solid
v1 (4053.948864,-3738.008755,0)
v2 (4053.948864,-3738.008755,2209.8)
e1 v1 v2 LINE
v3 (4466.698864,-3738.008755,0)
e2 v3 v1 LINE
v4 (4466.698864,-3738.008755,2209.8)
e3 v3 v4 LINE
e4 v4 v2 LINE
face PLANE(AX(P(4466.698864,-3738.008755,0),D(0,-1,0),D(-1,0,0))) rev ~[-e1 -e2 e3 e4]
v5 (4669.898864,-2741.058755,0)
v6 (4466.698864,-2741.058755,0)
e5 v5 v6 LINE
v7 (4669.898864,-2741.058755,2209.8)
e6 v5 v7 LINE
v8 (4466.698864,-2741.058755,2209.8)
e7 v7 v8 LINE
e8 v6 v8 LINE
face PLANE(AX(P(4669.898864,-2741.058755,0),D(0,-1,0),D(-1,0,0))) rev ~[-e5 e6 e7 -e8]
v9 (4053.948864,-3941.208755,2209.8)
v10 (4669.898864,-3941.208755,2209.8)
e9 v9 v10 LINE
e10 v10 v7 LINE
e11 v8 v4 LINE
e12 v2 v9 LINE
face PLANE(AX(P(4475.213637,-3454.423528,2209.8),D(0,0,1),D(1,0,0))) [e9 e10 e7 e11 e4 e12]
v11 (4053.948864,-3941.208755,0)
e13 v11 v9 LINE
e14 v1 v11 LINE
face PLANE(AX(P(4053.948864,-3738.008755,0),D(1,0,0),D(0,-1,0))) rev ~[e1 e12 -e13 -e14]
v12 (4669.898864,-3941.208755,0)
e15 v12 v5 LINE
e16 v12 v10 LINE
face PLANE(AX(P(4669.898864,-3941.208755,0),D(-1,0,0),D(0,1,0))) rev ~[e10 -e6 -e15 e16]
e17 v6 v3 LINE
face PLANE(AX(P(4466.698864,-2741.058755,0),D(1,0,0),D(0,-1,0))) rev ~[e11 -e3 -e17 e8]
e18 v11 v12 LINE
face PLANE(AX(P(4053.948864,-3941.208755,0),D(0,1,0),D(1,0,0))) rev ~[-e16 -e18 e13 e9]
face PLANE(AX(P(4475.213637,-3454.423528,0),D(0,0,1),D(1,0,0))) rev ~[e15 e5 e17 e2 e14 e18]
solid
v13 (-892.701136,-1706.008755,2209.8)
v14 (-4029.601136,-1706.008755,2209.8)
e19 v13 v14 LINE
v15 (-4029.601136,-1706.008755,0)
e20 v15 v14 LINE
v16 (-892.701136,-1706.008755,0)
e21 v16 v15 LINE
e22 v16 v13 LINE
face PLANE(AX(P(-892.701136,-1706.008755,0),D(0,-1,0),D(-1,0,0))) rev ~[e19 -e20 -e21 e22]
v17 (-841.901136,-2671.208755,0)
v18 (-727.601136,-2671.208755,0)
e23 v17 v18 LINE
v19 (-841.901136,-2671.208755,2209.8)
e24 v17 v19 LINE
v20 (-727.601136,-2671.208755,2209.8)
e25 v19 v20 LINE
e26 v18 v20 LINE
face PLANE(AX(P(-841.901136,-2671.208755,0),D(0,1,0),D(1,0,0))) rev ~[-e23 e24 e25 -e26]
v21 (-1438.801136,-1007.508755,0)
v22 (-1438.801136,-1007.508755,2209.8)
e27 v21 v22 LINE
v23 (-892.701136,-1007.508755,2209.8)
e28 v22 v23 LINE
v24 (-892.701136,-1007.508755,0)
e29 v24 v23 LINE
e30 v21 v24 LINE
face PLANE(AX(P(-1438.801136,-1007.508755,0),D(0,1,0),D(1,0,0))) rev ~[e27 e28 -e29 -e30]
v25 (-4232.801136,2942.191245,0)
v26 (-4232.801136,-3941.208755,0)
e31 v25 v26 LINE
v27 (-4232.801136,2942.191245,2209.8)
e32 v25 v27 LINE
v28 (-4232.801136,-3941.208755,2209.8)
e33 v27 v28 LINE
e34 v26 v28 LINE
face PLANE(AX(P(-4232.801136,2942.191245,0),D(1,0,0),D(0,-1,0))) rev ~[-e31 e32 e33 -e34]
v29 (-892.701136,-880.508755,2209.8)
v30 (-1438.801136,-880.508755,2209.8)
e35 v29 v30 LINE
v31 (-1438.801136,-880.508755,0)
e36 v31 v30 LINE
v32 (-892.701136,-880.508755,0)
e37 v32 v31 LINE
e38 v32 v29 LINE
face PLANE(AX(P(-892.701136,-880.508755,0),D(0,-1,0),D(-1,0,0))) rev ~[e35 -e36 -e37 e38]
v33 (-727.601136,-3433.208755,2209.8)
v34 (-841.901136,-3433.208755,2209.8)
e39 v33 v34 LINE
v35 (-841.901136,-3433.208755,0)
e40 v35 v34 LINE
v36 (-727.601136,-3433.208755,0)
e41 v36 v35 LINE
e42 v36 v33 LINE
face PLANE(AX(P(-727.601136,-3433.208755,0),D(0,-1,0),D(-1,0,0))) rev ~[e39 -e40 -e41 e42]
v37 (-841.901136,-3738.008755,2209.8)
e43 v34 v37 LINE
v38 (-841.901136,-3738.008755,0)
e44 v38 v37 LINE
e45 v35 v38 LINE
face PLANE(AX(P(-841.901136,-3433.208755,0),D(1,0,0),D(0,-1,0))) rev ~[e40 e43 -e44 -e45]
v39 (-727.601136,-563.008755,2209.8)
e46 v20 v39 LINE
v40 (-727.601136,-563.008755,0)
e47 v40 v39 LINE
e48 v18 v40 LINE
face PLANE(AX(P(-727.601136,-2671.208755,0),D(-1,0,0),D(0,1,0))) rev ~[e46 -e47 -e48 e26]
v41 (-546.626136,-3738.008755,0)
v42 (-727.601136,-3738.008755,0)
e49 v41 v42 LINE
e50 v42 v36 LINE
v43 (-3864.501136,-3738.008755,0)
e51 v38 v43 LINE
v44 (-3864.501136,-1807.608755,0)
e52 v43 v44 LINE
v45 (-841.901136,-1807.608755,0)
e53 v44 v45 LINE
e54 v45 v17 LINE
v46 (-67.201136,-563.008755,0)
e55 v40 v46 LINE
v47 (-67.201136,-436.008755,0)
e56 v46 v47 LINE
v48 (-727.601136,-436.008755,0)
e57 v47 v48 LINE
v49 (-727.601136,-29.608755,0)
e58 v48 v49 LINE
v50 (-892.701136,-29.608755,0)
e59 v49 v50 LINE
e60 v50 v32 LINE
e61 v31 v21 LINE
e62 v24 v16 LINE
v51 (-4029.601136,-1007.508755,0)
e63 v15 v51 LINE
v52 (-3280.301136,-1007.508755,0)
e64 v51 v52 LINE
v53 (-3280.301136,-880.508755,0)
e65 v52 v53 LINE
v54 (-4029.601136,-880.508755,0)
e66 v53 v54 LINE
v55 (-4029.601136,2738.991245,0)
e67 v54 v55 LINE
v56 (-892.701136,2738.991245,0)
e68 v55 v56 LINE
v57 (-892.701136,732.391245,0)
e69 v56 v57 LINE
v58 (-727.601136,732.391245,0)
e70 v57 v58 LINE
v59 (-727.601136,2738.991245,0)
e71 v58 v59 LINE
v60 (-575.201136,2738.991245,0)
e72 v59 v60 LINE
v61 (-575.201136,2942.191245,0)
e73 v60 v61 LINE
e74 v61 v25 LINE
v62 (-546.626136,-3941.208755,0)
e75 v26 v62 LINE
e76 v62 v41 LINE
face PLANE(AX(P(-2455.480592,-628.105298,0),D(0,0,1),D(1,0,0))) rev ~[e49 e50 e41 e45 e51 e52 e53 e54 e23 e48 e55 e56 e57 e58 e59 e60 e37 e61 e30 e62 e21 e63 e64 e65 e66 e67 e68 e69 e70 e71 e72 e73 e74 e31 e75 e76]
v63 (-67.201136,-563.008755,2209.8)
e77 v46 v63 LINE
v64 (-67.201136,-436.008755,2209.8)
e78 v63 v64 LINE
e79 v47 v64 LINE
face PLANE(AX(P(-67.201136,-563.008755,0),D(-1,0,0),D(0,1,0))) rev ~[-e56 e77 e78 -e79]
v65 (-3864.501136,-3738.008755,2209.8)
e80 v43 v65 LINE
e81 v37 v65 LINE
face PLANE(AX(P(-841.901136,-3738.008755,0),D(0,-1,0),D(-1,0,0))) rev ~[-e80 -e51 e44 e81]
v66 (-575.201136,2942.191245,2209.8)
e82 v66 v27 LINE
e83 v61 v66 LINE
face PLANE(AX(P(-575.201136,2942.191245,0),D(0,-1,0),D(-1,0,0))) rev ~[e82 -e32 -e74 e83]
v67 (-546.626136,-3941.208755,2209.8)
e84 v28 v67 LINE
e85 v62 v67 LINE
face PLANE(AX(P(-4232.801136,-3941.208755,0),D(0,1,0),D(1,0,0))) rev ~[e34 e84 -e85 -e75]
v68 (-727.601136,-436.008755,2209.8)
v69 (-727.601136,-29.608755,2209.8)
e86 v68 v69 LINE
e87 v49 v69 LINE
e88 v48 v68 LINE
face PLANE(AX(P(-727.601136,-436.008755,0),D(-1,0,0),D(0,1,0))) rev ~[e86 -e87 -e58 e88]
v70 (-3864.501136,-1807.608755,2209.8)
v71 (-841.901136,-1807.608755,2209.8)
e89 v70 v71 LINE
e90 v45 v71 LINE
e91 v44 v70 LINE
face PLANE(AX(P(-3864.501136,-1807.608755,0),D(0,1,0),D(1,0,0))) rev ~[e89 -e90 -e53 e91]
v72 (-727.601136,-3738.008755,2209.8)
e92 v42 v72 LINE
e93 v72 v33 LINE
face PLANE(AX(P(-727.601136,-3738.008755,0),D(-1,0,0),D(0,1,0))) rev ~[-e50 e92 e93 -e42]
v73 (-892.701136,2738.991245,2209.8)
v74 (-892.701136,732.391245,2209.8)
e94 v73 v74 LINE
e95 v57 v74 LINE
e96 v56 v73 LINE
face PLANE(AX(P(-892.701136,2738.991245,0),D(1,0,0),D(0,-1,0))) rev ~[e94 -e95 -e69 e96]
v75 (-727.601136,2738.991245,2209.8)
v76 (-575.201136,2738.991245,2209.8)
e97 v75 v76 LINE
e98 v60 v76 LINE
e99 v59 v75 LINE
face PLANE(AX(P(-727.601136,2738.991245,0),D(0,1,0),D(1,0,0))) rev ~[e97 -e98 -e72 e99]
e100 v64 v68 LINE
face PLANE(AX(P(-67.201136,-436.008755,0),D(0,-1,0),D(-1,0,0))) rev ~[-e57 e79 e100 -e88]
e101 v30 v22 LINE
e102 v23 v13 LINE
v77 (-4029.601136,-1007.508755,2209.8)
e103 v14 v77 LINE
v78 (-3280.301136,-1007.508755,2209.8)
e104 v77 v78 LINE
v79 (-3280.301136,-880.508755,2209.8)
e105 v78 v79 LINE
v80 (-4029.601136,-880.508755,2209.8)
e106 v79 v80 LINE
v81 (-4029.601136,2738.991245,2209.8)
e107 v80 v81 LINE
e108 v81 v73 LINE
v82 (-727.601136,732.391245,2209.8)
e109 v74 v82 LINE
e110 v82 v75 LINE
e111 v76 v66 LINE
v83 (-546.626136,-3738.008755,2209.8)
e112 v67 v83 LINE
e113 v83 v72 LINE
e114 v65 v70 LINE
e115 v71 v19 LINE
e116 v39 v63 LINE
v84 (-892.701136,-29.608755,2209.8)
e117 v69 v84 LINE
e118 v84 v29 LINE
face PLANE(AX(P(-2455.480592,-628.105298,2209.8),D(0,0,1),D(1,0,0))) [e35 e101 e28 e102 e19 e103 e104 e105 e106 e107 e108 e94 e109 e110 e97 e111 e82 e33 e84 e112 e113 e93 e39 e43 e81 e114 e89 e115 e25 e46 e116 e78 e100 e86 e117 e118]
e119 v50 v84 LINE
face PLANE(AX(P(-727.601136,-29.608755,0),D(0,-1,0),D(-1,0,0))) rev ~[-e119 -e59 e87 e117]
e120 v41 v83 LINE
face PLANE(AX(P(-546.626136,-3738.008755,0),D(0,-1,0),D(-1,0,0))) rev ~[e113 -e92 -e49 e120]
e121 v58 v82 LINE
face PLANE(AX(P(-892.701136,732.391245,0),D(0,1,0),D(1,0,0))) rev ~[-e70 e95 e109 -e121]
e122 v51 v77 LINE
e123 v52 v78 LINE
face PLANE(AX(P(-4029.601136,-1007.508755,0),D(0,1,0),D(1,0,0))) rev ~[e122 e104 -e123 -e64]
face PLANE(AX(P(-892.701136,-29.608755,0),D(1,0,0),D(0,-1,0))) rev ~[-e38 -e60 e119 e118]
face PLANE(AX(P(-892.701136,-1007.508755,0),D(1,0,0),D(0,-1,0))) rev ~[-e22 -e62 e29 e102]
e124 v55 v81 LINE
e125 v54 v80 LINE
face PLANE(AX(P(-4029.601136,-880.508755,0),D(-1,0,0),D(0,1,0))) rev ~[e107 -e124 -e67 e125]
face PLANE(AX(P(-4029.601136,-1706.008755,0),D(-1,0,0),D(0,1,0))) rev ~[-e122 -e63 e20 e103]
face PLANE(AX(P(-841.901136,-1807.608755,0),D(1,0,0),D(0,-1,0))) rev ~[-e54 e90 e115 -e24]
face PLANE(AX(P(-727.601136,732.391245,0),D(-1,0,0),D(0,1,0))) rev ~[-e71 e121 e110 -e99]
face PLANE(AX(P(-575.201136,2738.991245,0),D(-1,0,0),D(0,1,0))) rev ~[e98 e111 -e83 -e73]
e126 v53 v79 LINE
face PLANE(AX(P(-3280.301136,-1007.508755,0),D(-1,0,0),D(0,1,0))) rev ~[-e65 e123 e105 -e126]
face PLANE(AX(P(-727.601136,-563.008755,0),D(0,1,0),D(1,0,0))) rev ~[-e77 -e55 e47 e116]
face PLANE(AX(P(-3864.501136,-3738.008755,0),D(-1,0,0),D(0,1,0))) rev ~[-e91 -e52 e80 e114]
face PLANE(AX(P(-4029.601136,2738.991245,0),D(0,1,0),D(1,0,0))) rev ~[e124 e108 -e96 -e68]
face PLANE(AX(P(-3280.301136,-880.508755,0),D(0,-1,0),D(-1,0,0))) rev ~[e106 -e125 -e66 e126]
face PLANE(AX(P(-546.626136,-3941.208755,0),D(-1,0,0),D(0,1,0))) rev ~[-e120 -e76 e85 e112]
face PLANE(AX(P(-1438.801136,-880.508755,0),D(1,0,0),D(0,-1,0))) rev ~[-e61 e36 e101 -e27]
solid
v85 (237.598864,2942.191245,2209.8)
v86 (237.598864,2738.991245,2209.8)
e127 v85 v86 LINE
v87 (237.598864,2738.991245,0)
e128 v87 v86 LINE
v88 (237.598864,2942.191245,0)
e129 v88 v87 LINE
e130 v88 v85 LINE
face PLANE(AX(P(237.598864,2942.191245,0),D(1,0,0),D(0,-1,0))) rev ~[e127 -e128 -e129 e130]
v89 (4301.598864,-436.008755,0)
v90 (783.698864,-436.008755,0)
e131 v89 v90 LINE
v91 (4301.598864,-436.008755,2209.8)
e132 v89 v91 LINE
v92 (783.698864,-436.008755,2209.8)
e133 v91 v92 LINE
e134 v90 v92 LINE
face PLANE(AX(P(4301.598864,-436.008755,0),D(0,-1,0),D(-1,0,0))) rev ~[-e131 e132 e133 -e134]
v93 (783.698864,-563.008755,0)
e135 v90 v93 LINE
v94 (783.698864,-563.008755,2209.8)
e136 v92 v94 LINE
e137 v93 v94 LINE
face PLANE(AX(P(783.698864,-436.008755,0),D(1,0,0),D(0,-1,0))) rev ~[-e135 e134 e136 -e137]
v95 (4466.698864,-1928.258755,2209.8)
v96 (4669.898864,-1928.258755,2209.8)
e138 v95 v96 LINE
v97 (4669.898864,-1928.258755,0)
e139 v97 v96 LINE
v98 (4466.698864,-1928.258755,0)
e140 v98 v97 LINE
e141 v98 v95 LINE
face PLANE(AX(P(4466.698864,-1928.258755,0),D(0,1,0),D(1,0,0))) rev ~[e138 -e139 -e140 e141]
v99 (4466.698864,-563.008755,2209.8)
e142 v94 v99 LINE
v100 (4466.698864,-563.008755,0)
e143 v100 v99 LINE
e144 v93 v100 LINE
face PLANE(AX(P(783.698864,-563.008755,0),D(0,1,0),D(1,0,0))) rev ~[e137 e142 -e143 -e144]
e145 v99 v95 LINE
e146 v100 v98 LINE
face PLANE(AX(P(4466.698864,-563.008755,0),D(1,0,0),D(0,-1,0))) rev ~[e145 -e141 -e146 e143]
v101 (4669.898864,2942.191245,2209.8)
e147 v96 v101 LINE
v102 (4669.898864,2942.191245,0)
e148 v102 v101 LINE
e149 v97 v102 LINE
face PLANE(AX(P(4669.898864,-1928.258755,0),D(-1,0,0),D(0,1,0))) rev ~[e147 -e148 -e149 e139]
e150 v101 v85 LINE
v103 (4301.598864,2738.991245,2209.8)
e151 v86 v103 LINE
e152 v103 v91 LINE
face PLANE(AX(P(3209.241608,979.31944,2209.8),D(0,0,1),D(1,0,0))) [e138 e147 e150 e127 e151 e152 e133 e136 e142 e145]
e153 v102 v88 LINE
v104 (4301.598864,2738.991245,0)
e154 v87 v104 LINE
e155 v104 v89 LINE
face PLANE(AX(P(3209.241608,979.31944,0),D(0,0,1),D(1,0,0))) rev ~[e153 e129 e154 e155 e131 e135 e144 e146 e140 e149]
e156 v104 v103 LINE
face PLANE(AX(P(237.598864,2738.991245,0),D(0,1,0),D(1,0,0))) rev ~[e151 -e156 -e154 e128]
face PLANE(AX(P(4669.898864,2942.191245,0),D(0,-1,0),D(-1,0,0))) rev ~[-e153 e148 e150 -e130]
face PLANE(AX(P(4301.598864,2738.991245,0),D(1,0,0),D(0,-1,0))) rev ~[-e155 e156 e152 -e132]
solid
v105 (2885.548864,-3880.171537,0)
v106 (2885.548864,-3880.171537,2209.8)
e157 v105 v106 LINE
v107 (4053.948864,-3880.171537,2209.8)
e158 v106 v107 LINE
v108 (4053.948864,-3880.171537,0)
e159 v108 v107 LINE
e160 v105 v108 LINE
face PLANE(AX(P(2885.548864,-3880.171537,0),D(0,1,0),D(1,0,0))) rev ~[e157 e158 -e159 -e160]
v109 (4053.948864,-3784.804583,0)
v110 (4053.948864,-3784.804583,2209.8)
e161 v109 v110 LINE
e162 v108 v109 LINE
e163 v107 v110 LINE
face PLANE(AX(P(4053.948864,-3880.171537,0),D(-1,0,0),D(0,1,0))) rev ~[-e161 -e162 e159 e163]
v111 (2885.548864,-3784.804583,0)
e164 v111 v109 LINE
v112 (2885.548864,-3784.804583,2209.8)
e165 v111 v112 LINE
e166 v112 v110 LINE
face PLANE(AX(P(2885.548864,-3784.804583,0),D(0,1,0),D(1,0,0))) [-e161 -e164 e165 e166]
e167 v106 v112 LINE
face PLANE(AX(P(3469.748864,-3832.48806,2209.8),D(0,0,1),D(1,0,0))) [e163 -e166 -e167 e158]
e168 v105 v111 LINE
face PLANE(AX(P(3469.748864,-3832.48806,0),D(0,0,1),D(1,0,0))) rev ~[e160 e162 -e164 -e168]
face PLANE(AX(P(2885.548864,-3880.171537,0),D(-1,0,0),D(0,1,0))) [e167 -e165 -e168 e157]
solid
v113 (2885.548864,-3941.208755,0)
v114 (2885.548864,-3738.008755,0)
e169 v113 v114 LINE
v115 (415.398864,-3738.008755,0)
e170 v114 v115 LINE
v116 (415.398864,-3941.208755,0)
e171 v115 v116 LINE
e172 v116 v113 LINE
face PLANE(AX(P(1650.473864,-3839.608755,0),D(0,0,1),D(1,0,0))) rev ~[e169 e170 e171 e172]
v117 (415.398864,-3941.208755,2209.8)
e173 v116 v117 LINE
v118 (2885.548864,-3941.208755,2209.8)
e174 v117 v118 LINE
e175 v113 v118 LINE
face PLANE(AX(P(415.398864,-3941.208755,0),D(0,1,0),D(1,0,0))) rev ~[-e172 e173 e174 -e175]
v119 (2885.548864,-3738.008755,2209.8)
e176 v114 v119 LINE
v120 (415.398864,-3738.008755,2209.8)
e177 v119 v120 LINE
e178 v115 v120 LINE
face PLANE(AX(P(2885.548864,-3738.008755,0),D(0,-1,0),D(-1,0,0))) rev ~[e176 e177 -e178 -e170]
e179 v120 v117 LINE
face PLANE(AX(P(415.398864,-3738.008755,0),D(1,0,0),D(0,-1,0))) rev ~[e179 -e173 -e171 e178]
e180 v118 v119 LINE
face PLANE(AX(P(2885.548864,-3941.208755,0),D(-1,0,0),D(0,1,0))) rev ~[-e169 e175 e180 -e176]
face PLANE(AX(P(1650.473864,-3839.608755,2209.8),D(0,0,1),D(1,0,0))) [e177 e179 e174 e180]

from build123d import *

# Parameters (mm, degrees)
F1_DEPTH = 2209.8
F0_W     = 1168.4
F0_H     = 95.366954
F2_DEPTH = 2209.8


with BuildPart() as f1:
    # F0 (on Top) → F1 (new body)
    with BuildSketch(Plane.XY):
        Polygon((-727.601136, 732.391245), (-727.601136, 2738.991245), (-575.201136, 2738.991245), (-575.201136, 2942.191245), (-4232.801136, 2942.191245), (-4232.801136, -3941.208755), (-546.626136, -3941.208755), (-546.626136, -3738.008755), (-727.601136, -3738.008755), (-727.601136, -3433.208755), (-841.901136, -3433.208755), (-841.901136, -3738.008755), (-3864.501136, -3738.008755), (-3864.501136, -1807.608755), (-841.901136, -1807.608755), (-841.901136, -2671.208755), (-727.601136, -2671.208755), (-727.601136, -563.008755), (-67.201136, -563.008755), (-67.201136, -436.008755), (-727.601136, -436.008755), (-727.601136, -29.608755), (-892.701136, -29.608755), (-892.701136, -880.508755), (-1438.801136, -880.508755), (-1438.801136, -1007.508755), (-892.701136, -1007.508755), (-892.701136, -1706.008755), (-4029.601136, -1706.008755), (-4029.601136, -1007.508755), (-3280.301136, -1007.508755), (-3280.301136, -880.508755), (-4029.601136, -880.508755), (-4029.601136, 2738.991245), (-892.701136, 2738.991245), (-892.701136, 732.391245), align=None)
        Polygon((2885.548864, -3738.008755), (415.398864, -3738.008755), (415.398864, -3941.208755), (2885.548864, -3941.208755), (2885.548864, -3880.171537), (2885.548864, -3784.804583), align=None)
        Polygon((4053.948864, -3738.008755), (4053.948864, -3784.804583), (4053.948864, -3880.171537), (4053.948864, -3941.208755), (4669.898864, -3941.208755), (4669.898864, -2741.058755), (4466.698864, -2741.058755), (4466.698864, -3738.008755), align=None)
        Polygon((237.598864, 2738.991245), (4301.598864, 2738.991245), (4301.598864, -436.008755), (783.698864, -436.008755), (783.698864, -563.008755), (4466.698864, -563.008755), (4466.698864, -1928.258755), (4669.898864, -1928.258755), (4669.898864, 2942.191245), (237.598864, 2942.191245), align=None)
    extrude(amount=F1_DEPTH)


with BuildPart() as f2:
    # F0 (on Top) → F2 (new body, through all)
    with BuildSketch(Plane.XY):
        with Locations((3469.748864, -3832.48806)):
            Rectangle(F0_W, F0_H)
    extrude(amount=F2_DEPTH)


solid = Compound([f1.part, f2.part])
